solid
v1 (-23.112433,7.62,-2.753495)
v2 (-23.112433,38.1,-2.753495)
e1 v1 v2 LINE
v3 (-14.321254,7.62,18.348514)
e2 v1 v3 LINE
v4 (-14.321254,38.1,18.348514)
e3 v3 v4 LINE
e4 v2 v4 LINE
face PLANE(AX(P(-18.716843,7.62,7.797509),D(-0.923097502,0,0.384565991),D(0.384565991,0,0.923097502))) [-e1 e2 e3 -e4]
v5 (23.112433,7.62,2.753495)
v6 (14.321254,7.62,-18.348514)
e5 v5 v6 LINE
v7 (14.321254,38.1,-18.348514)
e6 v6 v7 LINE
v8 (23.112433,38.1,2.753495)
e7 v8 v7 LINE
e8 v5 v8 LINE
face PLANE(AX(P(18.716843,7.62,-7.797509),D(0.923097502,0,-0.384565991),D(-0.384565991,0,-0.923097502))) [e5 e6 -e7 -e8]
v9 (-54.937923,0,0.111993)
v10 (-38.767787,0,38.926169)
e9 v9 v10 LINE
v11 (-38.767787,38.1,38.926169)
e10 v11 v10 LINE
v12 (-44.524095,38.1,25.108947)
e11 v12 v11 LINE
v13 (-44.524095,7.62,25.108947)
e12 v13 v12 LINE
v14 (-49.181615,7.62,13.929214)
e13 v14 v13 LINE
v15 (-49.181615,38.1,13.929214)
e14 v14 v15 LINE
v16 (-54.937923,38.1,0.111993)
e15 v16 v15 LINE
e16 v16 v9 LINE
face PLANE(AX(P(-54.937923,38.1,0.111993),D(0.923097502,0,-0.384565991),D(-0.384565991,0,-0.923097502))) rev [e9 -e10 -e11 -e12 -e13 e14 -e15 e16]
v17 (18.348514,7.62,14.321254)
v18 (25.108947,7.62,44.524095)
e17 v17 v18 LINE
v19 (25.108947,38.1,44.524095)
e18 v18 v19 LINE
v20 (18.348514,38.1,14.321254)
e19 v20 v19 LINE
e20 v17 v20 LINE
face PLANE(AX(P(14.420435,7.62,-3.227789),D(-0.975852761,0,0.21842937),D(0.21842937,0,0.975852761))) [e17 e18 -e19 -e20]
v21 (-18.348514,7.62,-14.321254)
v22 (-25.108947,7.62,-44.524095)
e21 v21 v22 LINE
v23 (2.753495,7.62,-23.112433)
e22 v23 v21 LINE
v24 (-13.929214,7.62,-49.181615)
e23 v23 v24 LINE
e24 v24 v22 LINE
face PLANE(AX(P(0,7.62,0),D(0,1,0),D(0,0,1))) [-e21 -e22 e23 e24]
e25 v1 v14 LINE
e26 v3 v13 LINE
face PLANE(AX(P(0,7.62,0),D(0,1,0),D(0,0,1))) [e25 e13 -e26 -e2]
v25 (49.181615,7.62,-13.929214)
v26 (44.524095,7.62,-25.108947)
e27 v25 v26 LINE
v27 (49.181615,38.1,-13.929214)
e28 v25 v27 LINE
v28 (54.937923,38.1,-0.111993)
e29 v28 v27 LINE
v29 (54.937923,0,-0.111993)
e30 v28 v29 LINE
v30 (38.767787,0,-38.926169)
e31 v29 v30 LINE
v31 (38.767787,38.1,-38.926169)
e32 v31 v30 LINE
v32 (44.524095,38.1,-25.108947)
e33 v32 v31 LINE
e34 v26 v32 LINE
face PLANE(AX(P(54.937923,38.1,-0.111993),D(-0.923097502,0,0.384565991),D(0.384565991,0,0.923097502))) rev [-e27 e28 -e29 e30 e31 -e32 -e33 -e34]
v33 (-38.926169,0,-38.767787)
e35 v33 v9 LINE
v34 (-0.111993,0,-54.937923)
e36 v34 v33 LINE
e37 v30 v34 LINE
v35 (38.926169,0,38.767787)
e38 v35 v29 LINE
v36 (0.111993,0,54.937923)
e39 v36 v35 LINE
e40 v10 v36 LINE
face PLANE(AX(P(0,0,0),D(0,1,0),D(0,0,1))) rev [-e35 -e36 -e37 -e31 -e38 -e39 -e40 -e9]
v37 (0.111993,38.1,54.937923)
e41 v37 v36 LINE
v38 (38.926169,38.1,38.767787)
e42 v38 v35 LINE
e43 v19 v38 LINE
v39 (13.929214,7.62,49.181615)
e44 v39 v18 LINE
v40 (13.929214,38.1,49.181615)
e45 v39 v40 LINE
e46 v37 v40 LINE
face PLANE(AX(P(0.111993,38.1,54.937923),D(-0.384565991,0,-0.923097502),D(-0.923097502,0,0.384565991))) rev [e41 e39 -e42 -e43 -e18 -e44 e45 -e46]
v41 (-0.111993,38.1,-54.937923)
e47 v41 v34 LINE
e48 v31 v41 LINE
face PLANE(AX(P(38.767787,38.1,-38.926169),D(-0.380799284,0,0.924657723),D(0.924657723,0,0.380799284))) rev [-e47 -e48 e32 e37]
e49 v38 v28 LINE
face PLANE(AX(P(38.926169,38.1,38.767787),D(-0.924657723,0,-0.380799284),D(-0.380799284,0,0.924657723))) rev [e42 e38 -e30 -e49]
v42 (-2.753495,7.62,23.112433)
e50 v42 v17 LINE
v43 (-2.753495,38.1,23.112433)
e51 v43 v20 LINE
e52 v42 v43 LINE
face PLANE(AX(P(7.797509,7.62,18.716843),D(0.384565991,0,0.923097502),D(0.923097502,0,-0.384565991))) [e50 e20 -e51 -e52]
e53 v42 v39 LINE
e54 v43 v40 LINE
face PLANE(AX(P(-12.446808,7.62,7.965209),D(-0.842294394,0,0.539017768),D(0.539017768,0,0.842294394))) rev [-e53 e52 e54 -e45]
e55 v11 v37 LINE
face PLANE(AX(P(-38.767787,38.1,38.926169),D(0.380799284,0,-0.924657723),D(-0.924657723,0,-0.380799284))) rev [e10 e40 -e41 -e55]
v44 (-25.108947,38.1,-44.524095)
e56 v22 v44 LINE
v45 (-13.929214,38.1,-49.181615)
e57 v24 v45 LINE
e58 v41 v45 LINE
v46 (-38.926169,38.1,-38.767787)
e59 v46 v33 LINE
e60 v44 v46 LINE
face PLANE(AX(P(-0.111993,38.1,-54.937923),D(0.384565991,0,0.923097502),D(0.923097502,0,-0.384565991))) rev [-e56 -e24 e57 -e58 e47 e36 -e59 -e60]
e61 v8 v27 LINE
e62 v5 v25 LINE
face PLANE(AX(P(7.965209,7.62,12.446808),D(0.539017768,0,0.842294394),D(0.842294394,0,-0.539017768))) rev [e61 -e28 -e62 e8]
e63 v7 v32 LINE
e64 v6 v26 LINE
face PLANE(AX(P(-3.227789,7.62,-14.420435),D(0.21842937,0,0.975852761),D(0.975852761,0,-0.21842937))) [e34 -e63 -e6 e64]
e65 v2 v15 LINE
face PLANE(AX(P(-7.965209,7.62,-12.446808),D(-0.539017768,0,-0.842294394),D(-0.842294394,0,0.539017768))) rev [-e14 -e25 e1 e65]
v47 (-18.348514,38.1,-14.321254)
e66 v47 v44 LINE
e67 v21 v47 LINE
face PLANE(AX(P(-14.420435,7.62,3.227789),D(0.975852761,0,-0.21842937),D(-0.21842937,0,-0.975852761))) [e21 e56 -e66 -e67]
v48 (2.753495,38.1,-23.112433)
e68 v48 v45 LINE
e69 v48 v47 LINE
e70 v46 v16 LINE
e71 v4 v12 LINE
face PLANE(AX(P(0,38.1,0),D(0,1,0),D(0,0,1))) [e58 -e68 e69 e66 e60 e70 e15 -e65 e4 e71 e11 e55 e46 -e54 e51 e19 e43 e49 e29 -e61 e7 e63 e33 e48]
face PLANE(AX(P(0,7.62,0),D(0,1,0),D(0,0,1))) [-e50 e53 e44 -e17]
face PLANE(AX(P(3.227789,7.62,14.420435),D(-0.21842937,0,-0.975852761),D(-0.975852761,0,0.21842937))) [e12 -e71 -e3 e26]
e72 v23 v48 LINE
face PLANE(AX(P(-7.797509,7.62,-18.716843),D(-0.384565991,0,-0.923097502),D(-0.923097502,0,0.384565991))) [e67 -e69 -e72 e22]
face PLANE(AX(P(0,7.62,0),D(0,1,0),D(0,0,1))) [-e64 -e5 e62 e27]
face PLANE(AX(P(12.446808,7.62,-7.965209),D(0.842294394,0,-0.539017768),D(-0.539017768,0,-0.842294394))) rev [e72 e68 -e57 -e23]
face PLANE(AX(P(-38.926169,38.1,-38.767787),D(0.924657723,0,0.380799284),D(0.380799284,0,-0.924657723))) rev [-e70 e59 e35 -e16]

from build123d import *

# Parameters (mm, degrees)
BOSS_EXTRUDE1_DEPTH = 38.1
CUT_EXTRUDE1_DEPTH  = 30.48


with BuildPart() as part:
    # Sketch1 → Boss-Extrude1 (new body)
    with BuildSketch(Plane(origin=(0, 0, 0), x_dir=(1, 0, 0), z_dir=(0, 1, 0))):
        Polygon((-0.111992667, 54.937923296), (-38.926168882, 38.767787333), (-54.937923296, -0.111992667), (-38.767787333, -38.926168882), (0.111992667, -54.937923296), (38.926168882, -38.767787333), (54.937923296, 0.111992667), (38.767787333, 38.926168882), align=None)
    extrude(amount=BOSS_EXTRUDE1_DEPTH)

    # Sketch2 → Cut-Extrude1 (cut)
    with BuildSketch(Plane(origin=(0, 38.1, 0), x_dir=(1, 0, 0), z_dir=(0, 1, 0))):
        Polygon((18.348513836, -14.32125417), (-2.753495069, -23.112432713), (13.929214345, -49.181615294), (25.108947204, -44.524095336), align=None)
        Polygon((-14.32125417, -18.348513836), (-23.112432713, 2.753495069), (-49.181615294, -13.929214345), (-44.524095336, -25.108947204), align=None)
        Polygon((-18.348513836, 14.32125417), (2.753495069, 23.112432713), (-13.929214345, 49.181615294), (-25.108947204, 44.524095336), align=None)
        Polygon((14.32125417, 18.348513836), (23.112432713, -2.753495069), (49.181615294, 13.929214345), (44.524095336, 25.108947204), align=None)
    extrude(amount=-CUT_EXTRUDE1_DEPTH, mode=Mode.SUBTRACT)


solid = part.part
